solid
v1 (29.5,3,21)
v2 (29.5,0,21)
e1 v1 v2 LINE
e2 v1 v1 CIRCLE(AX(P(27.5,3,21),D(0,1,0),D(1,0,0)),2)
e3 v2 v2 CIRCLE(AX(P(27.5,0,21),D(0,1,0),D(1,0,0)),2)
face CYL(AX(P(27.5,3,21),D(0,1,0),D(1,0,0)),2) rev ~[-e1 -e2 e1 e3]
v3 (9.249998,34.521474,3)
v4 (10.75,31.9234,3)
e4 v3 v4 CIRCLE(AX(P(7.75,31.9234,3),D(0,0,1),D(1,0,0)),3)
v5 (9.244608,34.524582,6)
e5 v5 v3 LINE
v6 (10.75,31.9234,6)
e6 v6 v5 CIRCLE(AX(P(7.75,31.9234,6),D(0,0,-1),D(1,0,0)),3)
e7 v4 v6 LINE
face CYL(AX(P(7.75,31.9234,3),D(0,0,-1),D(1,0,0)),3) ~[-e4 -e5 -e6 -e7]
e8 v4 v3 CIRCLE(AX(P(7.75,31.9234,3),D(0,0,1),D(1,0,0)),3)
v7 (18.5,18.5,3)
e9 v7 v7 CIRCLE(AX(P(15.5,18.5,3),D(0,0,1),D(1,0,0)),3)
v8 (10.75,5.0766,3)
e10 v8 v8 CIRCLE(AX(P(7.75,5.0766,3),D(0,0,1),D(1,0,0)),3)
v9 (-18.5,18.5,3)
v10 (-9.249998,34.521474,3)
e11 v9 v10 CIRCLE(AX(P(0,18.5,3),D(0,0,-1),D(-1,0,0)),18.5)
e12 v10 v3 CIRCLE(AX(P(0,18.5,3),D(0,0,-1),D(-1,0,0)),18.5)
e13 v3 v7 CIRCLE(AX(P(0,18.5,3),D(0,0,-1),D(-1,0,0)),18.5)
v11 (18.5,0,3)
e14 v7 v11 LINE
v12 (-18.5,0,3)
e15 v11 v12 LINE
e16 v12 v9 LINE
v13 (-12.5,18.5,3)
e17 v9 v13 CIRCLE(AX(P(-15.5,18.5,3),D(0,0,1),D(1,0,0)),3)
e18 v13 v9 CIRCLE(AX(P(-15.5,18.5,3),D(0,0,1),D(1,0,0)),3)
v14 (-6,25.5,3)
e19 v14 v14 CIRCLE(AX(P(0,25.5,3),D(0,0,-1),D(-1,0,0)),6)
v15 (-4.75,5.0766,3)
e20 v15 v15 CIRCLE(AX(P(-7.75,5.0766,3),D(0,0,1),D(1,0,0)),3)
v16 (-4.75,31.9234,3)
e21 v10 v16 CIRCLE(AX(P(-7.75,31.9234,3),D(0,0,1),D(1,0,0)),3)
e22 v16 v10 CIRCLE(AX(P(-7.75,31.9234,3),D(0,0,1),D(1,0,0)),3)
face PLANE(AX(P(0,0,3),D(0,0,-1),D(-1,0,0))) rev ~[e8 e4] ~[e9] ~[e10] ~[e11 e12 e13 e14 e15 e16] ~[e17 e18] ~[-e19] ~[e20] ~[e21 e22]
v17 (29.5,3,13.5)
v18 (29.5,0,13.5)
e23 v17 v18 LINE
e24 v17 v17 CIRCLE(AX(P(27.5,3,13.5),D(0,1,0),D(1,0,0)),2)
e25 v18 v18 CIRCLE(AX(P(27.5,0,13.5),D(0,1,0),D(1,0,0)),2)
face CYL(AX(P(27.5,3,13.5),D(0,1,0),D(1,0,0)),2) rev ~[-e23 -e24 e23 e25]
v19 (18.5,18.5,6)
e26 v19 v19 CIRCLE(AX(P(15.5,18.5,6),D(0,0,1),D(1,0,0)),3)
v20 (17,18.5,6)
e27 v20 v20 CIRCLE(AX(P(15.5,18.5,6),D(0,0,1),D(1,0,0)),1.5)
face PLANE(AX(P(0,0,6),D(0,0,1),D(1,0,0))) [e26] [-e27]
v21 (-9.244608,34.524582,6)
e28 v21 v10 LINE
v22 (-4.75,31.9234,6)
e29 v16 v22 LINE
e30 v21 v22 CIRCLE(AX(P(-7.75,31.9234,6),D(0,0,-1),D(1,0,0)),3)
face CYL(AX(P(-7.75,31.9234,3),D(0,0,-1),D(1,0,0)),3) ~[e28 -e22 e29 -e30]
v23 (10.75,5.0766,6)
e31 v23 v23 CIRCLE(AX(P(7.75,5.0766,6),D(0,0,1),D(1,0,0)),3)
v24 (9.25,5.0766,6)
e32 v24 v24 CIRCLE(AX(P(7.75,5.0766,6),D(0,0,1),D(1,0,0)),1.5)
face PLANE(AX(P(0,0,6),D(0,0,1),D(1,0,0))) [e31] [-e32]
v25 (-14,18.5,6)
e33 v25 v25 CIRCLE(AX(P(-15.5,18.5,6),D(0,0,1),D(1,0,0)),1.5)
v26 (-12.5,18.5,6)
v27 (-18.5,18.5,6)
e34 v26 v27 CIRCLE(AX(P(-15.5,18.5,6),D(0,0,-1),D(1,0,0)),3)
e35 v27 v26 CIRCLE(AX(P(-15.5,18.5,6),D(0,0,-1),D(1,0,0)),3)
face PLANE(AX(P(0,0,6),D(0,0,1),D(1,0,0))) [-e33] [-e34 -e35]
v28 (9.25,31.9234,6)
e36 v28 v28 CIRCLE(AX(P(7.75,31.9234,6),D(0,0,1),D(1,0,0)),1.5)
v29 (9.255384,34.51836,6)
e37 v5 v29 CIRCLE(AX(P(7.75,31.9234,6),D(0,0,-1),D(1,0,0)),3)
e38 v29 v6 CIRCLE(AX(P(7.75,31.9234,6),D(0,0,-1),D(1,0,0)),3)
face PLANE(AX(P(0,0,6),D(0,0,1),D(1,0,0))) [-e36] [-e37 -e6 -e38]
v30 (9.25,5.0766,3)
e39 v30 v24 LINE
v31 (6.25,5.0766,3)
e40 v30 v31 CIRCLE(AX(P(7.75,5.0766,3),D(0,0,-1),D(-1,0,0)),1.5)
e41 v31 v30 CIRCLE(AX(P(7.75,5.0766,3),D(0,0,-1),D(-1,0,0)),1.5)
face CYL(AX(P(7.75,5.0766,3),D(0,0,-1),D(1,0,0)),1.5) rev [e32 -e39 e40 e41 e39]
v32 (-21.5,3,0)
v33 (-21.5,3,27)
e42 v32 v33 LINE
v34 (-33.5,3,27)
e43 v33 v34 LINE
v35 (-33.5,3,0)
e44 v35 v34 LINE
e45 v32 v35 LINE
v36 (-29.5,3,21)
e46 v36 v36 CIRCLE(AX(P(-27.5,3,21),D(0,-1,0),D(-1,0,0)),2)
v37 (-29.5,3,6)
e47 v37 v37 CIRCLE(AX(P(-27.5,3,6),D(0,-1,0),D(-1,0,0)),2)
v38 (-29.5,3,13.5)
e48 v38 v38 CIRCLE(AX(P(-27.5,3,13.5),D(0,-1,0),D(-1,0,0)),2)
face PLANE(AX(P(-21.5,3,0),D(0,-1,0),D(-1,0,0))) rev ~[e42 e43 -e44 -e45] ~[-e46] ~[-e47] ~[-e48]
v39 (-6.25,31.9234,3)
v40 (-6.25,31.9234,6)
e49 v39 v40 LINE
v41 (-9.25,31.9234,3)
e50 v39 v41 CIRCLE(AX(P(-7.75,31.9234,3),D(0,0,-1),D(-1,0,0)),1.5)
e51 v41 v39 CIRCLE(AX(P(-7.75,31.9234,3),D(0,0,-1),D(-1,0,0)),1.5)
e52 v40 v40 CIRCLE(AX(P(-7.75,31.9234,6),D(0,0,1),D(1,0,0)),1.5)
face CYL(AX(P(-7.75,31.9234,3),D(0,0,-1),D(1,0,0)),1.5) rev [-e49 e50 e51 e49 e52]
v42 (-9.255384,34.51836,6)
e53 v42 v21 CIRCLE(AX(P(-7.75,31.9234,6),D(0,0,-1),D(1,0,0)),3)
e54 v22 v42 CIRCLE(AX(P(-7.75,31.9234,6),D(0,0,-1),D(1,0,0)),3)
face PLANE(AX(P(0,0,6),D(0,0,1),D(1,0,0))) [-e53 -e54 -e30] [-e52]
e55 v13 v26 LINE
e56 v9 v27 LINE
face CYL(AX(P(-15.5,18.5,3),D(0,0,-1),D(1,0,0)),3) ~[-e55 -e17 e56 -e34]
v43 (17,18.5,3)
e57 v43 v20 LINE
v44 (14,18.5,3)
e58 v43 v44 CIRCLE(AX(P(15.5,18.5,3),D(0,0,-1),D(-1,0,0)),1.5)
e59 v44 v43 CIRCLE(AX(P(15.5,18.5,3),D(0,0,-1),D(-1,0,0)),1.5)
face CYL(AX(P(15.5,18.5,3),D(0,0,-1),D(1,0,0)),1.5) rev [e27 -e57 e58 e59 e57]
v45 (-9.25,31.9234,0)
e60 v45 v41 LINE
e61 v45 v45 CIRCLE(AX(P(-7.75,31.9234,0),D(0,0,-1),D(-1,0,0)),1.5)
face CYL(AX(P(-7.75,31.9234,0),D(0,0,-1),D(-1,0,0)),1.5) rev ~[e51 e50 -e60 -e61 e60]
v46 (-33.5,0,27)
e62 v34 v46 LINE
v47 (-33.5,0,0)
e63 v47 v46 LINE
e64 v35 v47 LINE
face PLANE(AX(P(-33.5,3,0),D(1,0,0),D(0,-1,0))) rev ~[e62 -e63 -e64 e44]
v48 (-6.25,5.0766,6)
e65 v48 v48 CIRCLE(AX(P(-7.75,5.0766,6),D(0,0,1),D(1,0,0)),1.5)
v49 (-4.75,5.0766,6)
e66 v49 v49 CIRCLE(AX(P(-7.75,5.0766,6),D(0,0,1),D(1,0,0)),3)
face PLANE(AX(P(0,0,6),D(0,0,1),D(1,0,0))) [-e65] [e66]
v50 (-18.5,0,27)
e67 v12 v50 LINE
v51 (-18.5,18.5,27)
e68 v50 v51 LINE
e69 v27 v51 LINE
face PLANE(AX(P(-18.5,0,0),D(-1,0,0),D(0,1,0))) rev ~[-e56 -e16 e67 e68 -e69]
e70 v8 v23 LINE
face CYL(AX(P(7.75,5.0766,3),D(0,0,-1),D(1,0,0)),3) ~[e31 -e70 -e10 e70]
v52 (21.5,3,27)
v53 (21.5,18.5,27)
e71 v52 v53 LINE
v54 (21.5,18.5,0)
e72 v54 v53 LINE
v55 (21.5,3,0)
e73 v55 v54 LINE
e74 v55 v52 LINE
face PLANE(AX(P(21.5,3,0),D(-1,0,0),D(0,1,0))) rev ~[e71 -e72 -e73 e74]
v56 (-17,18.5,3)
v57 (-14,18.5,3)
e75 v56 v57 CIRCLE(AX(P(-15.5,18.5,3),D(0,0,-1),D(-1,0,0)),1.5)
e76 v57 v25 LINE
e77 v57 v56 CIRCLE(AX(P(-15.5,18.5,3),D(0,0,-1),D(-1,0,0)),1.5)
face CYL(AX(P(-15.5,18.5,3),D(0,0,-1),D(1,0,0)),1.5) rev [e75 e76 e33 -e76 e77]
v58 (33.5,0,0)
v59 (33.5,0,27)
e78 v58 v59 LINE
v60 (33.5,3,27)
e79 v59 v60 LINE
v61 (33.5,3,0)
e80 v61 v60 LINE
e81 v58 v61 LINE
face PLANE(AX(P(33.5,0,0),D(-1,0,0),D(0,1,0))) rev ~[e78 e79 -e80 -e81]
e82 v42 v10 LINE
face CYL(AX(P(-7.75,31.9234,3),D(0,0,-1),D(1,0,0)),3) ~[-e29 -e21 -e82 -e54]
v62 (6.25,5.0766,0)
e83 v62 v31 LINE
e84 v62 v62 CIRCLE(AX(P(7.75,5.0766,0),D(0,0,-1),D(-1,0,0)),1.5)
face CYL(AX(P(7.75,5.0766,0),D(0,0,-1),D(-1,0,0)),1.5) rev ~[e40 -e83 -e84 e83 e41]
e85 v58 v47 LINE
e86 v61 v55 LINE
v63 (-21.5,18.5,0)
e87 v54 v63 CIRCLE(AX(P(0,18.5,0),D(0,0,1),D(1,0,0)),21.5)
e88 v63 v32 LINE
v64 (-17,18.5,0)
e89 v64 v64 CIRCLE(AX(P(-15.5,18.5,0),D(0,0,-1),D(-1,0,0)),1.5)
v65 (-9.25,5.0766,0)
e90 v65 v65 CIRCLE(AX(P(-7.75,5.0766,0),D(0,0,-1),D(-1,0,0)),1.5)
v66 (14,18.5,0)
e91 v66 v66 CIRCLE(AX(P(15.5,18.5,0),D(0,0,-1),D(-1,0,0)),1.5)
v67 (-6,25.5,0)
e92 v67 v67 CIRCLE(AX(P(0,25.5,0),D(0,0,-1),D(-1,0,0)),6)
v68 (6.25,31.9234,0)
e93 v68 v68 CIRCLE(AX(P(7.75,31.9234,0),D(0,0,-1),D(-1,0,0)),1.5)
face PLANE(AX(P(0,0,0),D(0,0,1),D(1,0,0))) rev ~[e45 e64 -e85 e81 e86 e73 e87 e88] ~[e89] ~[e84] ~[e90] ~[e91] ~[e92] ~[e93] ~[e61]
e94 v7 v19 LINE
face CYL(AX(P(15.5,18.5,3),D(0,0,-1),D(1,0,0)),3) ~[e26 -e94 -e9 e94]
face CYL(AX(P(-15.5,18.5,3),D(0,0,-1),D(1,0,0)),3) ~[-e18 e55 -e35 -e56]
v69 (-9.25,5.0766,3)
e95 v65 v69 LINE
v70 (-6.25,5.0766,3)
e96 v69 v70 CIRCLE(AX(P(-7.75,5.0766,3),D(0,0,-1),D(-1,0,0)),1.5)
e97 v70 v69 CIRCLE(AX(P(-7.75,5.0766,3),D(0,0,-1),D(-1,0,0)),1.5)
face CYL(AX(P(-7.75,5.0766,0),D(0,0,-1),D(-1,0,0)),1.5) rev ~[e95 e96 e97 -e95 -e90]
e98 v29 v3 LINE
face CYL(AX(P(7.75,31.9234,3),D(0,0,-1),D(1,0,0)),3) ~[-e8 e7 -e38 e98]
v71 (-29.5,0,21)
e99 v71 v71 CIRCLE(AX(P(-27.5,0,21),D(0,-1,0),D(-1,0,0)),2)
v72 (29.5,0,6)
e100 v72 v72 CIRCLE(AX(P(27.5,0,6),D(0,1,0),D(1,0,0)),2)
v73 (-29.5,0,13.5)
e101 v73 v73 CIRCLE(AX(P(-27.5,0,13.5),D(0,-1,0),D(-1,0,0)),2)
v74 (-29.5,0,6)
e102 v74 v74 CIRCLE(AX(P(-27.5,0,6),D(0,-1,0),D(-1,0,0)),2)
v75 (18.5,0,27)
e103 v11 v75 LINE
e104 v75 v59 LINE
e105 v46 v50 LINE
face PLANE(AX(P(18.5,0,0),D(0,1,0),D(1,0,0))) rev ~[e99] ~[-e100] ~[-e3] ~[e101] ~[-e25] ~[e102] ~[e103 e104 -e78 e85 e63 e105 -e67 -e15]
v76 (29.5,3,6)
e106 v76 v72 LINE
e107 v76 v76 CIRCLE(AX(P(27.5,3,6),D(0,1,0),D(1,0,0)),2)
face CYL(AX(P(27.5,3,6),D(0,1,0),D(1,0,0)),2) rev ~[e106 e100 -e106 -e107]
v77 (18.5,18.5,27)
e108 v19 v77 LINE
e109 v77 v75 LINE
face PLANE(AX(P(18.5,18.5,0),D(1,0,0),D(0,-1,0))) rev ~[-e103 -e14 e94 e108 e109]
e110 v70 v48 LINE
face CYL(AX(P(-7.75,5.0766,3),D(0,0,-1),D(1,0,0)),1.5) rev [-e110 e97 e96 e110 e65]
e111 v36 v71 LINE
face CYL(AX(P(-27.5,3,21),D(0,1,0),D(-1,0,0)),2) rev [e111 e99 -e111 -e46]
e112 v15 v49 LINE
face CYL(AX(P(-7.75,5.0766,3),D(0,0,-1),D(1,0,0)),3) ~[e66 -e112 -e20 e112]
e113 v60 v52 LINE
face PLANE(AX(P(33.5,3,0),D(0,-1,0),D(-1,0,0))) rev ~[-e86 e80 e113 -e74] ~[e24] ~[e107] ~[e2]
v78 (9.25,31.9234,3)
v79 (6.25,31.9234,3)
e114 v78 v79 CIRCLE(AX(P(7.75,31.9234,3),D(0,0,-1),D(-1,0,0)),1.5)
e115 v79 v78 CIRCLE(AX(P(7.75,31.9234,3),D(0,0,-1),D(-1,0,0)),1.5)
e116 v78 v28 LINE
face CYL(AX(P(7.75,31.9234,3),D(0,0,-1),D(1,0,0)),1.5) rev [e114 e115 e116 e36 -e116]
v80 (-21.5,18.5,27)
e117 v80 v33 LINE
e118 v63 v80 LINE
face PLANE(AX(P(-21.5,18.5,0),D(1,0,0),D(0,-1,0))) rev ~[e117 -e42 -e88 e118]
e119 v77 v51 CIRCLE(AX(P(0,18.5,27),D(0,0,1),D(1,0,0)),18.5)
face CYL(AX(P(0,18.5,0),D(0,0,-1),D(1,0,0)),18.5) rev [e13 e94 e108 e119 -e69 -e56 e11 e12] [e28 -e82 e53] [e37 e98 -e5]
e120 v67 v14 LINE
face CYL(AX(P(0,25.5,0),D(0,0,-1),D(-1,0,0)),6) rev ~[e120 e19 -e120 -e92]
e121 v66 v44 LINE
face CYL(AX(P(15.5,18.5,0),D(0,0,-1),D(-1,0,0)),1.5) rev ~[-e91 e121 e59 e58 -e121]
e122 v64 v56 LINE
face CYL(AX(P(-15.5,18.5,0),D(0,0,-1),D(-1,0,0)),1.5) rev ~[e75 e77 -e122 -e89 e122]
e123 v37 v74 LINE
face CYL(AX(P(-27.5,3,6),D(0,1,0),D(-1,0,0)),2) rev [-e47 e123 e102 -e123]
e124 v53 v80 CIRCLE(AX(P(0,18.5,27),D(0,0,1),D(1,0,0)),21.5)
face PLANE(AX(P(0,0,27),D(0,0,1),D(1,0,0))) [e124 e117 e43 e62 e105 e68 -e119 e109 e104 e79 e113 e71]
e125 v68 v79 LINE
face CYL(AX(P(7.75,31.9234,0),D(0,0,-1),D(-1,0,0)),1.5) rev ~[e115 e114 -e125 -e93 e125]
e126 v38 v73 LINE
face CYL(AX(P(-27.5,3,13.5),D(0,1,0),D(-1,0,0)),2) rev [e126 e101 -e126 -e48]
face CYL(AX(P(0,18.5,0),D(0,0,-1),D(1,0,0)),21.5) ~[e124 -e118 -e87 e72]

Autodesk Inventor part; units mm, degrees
ref_plane "YZ Plane" through (0, 0, 0) normal (1, 0, 0) x (0, 1, 0)
ref_plane "XZ Plane" through (0, 0, 0) normal (0, 1, 0) x (-1, 0, 0)
ref_plane "XY Plane" through (0, 0, 0) normal (0, 0, 1) x (1, 0, 0)
sketch "Эскиз1" plane through (0, 0, 0) normal (0, 0, 1) x (1, 0, 0)
  line L0 (0, 0) -> (0, 37) construction
  circle A0 centre (0, 18.5) radius 18.5 construction
  arc A1 (10.9545, 0) -> (-10.9545, 0) centre (0, 18.5) ccw construction
  line L1 (21.5, 18.5) -> (21.5, 0) construction
  line L2 (-21.5, 18.5) -> (-21.5, 0) construction
  line L3 (-21.5, 0) -> (21.5, 0) construction
  arc A2 (21.5, 18.5) -> (-21.5, 18.5) centre (0, 18.5) ccw construction
  arc A3 (21.5, 18.5) -> (-21.5, 18.5) centre (0, 18.5) ccw
  arc A4 (18.5, 18.5) -> (-18.5, 18.5) centre (0, 18.5) ccw
  line L4 (21.5, 0) -> (33.5, 0) construction
  line L5 (-21.5, 0) -> (-33.5, 0) construction
  line L6 (33.5, 0) -> (33.5, 3) construction
  line L7 (33.5, 3) -> (21.5, 3) construction
  line L8 (21.5, 3) -> (21.5, 18.5) construction
  line L9 (-33.5, 0) -> (-33.5, 3) construction
  line L10 (-33.5, 3) -> (-21.5, 3) construction
  line L11 (-21.5, 18.5) -> (-21.5, 3)
  line L12 (-21.5, 3) -> (-33.5, 3)
  line L13 (-33.5, 3) -> (-33.5, 0)
  line L14 (-33.5, 0) -> (-18.5, 0)
  line L15 (-18.5, 0) -> (-18.5, 18.5)
  line L16 (18.5, 18.5) -> (18.5, 0)
  line L17 (18.5, 0) -> (33.5, 0)
  line L18 (33.5, 0) -> (33.5, 3)
  line L19 (33.5, 3) -> (21.5, 3)
  line L20 (21.5, 3) -> (21.5, 18.5)
  dimension "d0" = 37
  dimension "d1" = 3
  dimension "d2" = 12
  dimension "d3" = 12
  dimension "d4" = 3
  dimension "d5" = 3
extrude "Выдавливание1" add sketch "Эскиз1" along normal blind 27
sketch "Эскиз2" plane through (0, 0, 0) normal (0, 0, -1) x (-1, 0, 0)
  arc A0 (21.5, 18.5) -> (-21.5, 18.5) centre (0, 18.5) ccw projected
  line L0 (-21.5, 3) -> (-21.5, 18.5) projected
  line L1 (-33.5, 3) -> (-21.5, 3) projected
  line L2 (-33.5, 0) -> (-33.5, 3) projected
  line L3 (-18.5, 0) -> (-33.5, 0) projected
  line L4 (-18.5, 18.5) -> (-18.5, 0) projected
  arc A1 (18.5, 18.5) -> (-18.5, 18.5) centre (0, 18.5) ccw projected
  line L5 (18.5, 0) -> (18.5, 18.5) projected
  line L6 (33.5, 0) -> (18.5, 0) projected
  line L7 (33.5, 3) -> (33.5, 0) projected
  line L8 (21.5, 3) -> (33.5, 3) projected
  line L9 (21.5, 18.5) -> (21.5, 3) projected
  circle A2 centre (0, 18.5) radius 18.5 construction
  circle A3 centre (0, 18.5) radius 15.5 construction
  circle A4 centre (-15.5, 18.5) radius 1.5
  circle A5 centre (-7.75, 5.0766) radius 1.5
  circle A6 centre (7.75, 5.0766) radius 1.5
  circle A7 centre (15.5, 18.5) radius 1.5
  circle A8 centre (7.75, 31.9234) radius 1.5
  circle A9 centre (-7.75, 31.9234) radius 1.5
  line L10 (0, 18.5) -> (0, 25.5) construction
  circle A10 centre (0, 25.5) radius 6
  line L11 (-18.5, 18.5) -> (-18.5, 0) projected
  line L12 (-18.5, 0) -> (18.5, 0)
  line L13 (18.5, 0) -> (18.5, 18.5) projected
  line L14 (18.5, 0) -> (18.5, 18.5)
  arc A11 (18.5, 18.5) -> (-18.5, 18.5) centre (0, 18.5) ccw
  line L15 (-18.5, 18.5) -> (-18.5, 0)
  point P0 (0, 0)
  dimension "d8" = 31
  dimension "d9" = 3
  dimension "d12" = 360
  dimension "d14" = 7
  dimension "d15" = 12
extrude "Выдавливание2" add sketch "Эскиз2" against normal blind 3 contours L12 L4 A1 L5
sketch "Эскиз4" plane through (0, 0, 3) normal (0, 0, 1) x (1, 0, 0)
  circle A0 centre (0, 25.5) radius 6 projected
  circle A1 centre (7.75, 31.9234) radius 1.5 projected
  circle A2 centre (-7.75, 31.9234) radius 1.5 projected
  circle A3 centre (-15.5, 18.5) radius 1.5 projected
  circle A4 centre (-7.75, 5.0766) radius 1.5 projected
  circle A5 centre (7.75, 5.0766) radius 1.5 projected
  circle A6 centre (15.5, 18.5) radius 1.5 projected
  line L0 (-18.5, 0) -> (18.5, 0) projected
  line L1 (18.5, 18.5) -> (18.5, 0) projected
  arc A7 (18.5, 18.5) -> (-18.5, 18.5) centre (0, 18.5) ccw projected
  line L2 (-18.5, 0) -> (-18.5, 18.5) projected
  circle A8 centre (-7.75, 5.0766) radius 3
  circle A9 centre (-15.5, 18.5) radius 3
  circle A10 centre (-7.75, 31.9234) radius 3
  circle A11 centre (7.75, 31.9234) radius 3
  circle A12 centre (15.5, 18.5) radius 3
  circle A13 centre (7.75, 5.0766) radius 3
  point P0 (0, 0)
  dimension "d19" = 6
  dimension "d22" = 360
extrude "Выдавливание3" add sketch "Эскиз4" along normal blind 3 contours A12 | A11 | A10 | A9 | A8 | A13
sketch "Эскиз5" plane through (21.5, 3, 0) normal (0, 1, 0) x (1, 0, 0)
  line L0 (12, 0) -> (0, 0) projected
  line L1 (0, 0) -> (0, -27) projected
  line L2 (12, -27) -> (0, -27) projected
  line L3 (12, 0) -> (12, -27) projected
  line L4 (12, -27) -> (0, -27) construction
  line L5 (-3, -27) -> (12, -27) construction
  line L6 (6, -27) -> (6, 0) construction
  circle A0 centre (6, -13.5) radius 2
  circle A1 centre (6, -21) radius 2
  circle A2 centre (6, -6) radius 2
  circle A3 centre (6, -13.5) radius 2
  point P0 (-21.5, 0)
  dimension "d26" = 4
  dimension "d29" = 7.5
  dimension "d32" = 7.5
extrude "Выдавливание4" cut sketch "Эскиз5" against normal blind 3 contours A0 | A1 | A2
ref_plane "РабПлоскость2" through (0, 3, 0) normal (-1, 0, 0) x (0, 0, 1)
mirror "Зеркальное отражение1" about plane through (0, 3, 0) normal (-1, 0, 0) of "Выдавливание4"
properties part number "Mount for run motor"
